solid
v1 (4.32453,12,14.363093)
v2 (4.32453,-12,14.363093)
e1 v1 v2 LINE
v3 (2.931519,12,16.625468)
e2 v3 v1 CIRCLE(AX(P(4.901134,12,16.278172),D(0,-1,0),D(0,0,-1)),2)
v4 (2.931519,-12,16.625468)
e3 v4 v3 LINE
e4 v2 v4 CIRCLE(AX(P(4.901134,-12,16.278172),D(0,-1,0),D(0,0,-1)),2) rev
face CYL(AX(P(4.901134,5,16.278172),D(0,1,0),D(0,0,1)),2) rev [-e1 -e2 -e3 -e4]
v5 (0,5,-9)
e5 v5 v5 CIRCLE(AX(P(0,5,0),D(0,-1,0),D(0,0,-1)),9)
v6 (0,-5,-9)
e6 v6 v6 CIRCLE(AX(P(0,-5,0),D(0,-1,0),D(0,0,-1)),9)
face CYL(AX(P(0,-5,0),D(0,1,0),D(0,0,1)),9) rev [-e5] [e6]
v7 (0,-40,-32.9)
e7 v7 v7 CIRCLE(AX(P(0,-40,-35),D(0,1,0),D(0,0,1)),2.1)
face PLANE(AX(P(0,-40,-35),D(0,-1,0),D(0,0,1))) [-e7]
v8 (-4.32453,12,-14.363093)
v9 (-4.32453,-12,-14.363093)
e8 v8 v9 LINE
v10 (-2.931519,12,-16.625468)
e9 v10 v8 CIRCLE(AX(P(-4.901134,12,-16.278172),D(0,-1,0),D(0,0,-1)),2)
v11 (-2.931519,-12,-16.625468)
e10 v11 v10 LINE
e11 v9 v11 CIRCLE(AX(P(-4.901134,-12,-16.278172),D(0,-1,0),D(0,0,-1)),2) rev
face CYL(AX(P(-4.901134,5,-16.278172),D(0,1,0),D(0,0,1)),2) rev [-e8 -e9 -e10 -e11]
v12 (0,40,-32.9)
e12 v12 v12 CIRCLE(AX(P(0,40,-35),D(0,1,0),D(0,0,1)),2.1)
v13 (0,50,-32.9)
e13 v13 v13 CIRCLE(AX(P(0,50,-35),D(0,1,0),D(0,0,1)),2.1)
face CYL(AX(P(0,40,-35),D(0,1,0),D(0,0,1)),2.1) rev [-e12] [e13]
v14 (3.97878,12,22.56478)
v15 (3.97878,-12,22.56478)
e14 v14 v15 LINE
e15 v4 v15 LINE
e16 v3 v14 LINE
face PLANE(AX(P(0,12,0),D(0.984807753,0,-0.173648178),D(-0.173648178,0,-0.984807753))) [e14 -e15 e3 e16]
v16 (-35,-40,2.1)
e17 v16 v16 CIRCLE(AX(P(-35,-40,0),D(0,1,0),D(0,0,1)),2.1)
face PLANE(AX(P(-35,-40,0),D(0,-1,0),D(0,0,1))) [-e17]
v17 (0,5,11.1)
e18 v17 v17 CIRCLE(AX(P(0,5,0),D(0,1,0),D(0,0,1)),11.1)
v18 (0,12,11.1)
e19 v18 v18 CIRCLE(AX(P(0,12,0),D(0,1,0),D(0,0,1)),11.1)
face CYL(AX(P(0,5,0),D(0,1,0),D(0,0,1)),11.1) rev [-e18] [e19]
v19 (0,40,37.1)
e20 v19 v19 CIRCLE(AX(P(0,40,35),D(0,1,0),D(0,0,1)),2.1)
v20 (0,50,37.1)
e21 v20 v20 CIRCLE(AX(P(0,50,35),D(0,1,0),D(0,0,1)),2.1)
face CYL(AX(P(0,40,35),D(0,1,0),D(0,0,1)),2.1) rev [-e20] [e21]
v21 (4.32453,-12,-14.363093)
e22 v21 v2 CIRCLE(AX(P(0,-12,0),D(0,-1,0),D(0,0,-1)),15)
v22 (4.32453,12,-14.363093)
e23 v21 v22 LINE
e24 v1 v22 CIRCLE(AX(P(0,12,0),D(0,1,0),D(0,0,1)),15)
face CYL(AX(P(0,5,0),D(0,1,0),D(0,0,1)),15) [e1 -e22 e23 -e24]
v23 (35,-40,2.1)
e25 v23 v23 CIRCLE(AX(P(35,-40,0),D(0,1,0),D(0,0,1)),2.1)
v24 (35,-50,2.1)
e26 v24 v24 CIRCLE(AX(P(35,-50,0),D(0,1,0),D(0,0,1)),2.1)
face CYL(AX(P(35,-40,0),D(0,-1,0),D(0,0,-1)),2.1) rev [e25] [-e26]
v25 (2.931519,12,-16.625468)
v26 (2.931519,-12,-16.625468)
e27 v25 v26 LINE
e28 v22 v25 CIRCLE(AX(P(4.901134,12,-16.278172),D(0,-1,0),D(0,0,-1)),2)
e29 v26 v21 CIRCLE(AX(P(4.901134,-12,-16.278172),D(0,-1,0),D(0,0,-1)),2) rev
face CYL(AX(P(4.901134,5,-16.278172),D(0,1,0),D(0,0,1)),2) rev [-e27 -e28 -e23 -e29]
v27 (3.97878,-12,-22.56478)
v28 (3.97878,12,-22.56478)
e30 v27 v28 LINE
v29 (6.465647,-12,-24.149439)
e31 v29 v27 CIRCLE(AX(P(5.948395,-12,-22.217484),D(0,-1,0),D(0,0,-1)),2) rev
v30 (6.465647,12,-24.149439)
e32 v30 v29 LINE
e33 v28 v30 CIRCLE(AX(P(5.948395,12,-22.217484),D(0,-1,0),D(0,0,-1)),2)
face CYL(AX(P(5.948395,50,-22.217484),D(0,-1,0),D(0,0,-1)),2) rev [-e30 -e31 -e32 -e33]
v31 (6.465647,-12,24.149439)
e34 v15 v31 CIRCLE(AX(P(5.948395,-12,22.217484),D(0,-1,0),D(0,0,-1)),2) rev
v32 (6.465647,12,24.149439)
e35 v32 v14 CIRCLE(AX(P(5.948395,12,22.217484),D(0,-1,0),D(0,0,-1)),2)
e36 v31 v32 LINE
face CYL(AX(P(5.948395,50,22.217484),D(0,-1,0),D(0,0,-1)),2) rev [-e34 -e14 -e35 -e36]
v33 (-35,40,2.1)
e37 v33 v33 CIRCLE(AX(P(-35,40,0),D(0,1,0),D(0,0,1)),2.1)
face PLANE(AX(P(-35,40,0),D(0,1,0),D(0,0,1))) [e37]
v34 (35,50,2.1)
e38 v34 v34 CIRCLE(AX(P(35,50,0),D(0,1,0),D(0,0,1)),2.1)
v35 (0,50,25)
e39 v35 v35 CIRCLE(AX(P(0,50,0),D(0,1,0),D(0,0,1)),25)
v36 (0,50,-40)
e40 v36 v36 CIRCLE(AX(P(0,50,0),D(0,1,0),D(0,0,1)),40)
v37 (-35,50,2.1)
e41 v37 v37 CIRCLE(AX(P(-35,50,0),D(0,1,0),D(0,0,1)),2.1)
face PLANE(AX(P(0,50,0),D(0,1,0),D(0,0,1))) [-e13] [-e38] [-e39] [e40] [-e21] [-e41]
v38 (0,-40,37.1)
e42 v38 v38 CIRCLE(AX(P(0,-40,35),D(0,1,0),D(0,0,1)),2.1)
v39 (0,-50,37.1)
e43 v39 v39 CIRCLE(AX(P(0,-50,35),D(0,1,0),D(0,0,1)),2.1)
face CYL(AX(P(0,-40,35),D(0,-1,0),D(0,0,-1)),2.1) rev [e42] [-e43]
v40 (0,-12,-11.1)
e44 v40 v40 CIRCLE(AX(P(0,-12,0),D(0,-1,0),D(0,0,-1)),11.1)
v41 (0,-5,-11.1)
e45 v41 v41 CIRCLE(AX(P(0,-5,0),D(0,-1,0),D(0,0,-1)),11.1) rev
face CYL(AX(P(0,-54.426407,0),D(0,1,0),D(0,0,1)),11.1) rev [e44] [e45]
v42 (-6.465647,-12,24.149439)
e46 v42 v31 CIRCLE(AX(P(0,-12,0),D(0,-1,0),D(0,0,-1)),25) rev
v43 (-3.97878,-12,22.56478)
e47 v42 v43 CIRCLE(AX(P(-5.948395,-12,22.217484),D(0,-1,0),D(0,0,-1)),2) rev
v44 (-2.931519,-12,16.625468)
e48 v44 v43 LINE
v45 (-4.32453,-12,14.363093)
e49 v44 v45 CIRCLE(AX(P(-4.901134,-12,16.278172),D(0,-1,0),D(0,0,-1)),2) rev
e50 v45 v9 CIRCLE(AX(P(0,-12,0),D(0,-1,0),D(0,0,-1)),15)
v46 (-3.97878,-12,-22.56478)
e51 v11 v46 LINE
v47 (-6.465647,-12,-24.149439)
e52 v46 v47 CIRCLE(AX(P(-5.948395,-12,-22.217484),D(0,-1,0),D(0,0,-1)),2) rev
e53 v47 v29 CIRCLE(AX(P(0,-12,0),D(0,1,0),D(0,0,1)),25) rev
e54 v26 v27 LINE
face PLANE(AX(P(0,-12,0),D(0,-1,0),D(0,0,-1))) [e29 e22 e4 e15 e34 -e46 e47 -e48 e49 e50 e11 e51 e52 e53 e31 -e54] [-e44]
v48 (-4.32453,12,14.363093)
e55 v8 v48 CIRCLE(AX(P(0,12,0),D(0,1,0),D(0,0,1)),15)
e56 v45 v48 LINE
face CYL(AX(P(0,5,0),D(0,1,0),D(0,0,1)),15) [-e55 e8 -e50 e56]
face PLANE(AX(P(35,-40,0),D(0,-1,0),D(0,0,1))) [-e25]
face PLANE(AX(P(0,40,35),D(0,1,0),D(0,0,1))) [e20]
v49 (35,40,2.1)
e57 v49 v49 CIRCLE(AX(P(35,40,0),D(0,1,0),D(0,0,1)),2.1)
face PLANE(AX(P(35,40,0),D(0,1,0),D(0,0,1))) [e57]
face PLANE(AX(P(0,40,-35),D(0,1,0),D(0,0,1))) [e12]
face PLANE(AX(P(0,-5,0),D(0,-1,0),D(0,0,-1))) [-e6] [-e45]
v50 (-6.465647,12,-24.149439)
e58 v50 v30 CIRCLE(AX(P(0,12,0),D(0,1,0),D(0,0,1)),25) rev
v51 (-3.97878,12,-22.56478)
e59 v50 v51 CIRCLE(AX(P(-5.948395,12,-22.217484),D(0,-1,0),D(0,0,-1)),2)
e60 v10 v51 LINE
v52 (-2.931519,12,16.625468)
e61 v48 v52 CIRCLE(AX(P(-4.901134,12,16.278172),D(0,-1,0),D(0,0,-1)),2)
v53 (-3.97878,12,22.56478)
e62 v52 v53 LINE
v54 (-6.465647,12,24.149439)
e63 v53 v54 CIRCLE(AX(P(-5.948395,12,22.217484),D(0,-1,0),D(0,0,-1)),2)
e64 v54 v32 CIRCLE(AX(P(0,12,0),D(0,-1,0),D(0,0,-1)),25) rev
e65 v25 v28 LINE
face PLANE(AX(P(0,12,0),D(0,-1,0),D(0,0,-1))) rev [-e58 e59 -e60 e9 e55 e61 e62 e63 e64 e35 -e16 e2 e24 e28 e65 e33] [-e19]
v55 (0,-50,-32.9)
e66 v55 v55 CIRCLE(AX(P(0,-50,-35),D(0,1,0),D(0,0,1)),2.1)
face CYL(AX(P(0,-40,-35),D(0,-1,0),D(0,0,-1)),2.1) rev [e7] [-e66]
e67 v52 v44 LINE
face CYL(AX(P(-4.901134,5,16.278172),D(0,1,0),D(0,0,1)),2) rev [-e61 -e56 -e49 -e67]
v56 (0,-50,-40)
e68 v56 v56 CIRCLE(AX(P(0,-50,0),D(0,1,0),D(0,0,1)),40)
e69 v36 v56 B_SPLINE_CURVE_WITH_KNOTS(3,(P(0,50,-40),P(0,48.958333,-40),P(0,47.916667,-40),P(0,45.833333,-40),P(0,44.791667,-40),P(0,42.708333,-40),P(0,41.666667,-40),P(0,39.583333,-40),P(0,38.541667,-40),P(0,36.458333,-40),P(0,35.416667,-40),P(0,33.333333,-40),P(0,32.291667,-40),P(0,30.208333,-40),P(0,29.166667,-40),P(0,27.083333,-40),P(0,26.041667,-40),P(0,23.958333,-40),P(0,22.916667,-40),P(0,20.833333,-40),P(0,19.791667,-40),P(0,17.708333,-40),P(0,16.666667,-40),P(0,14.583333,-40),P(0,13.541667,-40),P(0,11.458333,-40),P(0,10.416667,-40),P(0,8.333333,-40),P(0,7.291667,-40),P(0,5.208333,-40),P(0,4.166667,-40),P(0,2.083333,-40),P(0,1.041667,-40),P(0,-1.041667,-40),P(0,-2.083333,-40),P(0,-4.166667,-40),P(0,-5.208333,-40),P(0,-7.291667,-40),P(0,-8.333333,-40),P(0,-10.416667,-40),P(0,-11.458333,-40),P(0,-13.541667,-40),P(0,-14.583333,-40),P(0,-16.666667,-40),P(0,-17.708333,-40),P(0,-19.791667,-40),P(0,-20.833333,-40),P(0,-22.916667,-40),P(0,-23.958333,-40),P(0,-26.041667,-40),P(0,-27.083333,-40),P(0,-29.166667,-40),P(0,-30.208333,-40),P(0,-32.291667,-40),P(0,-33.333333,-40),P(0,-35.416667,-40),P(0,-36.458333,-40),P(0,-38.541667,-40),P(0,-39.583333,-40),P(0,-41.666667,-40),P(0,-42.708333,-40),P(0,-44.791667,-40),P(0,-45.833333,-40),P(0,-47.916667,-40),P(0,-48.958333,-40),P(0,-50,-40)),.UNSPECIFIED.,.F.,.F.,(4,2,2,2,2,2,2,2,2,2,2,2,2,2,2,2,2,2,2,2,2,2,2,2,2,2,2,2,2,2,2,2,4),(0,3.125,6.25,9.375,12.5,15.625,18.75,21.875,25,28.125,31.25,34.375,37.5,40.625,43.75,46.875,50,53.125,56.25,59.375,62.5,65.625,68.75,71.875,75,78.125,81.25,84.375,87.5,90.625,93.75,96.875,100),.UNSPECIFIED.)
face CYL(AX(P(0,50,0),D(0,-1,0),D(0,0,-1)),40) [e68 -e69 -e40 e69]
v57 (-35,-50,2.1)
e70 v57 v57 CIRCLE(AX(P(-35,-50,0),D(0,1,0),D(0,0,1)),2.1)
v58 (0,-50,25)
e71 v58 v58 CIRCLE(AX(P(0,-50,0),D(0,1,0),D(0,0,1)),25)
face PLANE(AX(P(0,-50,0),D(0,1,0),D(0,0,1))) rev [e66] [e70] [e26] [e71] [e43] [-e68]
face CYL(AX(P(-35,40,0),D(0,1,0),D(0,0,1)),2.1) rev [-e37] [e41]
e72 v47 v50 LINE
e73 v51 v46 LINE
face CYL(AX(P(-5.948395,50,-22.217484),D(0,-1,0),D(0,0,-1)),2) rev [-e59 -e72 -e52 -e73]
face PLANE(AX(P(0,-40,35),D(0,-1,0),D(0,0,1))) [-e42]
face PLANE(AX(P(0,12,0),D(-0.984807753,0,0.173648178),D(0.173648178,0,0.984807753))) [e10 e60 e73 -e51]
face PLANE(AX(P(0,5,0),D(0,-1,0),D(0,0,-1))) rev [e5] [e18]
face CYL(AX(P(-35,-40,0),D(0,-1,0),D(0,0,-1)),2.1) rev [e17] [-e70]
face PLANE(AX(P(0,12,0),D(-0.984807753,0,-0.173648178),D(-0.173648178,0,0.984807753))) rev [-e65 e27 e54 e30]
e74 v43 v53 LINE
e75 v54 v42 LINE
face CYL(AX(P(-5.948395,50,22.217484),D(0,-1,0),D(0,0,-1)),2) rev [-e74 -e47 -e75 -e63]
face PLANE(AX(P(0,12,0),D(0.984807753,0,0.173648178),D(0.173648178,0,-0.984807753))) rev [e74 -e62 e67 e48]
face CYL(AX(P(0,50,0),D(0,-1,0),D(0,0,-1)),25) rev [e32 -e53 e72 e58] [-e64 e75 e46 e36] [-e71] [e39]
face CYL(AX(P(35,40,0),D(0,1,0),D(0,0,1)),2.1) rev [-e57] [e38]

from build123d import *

# Parameters (mm, degrees)
SKETCH1_R           = 40
SKETCH1_R_2         = 25
BOSS_EXTRUDE1_DEPTH = 50
SKETCH2_R           = 2.1
CUT_EXTRUDE1_DEPTH  = 10
BOSS_EXTRUDE2_START = -50
BOSS_EXTRUDE2_DEPTH = 12
BOSS_EXTRUDE3_START = -7
SKETCH4_R           = 15
SKETCH4_R_2         = 11.1
BOSS_EXTRUDE3_DEPTH = 7
BOSS_EXTRUDE4_START = 10
SKETCH5_R           = 15
SKETCH5_R_2         = 9
BOSS_EXTRUDE4_DEPTH = 10
BOSS_EXTRUDE5_START = 7
SKETCH6_R           = 15
SKETCH6_R_2         = 11.1
BOSS_EXTRUDE5_DEPTH = 7
FILLET1_R           = 2


with BuildPart() as part:
    # Sketch1 → Boss-Extrude1 (new, symmetric)
    with BuildSketch(Plane(origin=(0, 0, 0), x_dir=(1, 0, 0), z_dir=(0, 1, 0))):
        with Locations(Location((0, 0, 0), (0, 0, 90))):
            Circle(SKETCH1_R)
        with Locations(Location((0, 0, 0), (0, 0, 90))):
            Circle(SKETCH1_R_2, mode=Mode.SUBTRACT)
    extrude(amount=BOSS_EXTRUDE1_DEPTH, both=True)

    # Sketch2 → Cut-Extrude1 (cut)
    with BuildSketch(Plane(origin=(0, 50, 0), x_dir=(1, 0, 0), z_dir=(0, 1, 0))):
        with Locations(Location((0, 35, 0), (0, 0, 270))):
            Circle(SKETCH2_R)
        with Locations(Location((35, 0, 0), (0, 0, 270))):
            Circle(SKETCH2_R)
        with Locations(Location((0, -35, 0), (0, 0, 270))):
            Circle(SKETCH2_R)
        with Locations(Location((-35, 0, 0), (0, 0, 270))):
            Circle(SKETCH2_R)
    cut_extrude1 = extrude(amount=-CUT_EXTRUDE1_DEPTH, mode=Mode.SUBTRACT)

    # Mirror1: Cut-Extrude1 across plane
    add(cut_extrude1.mirror(Plane.ZX), mode=Mode.SUBTRACT)

    # Sketch3 → Boss-Extrude2 (add, symmetric)
    with BuildSketch(Plane.XZ.offset(50).offset(BOSS_EXTRUDE2_START)):
        with BuildLine():
            ThreePointArc((-2.604722665, 14.772116295), (-1.307336141, 14.942920471), (0, 15))
            Line((0, 15), (0, 25))
            ThreePointArc((0, 25), (-2.178893569, 24.904867452), (-4.341204442, 24.620193825))
            Line((-4.341204442, 24.620193825), (-2.604722665, 14.772116295))
        make_face()
        with BuildLine():
            Line((0, 25), (0, 15))
            ThreePointArc((0, 15), (1.307336141, 14.942920471), (2.604722665, 14.772116295))
            Line((2.604722665, 14.772116295), (4.341204442, 24.620193825))
            ThreePointArc((4.341204442, 24.620193825), (2.178893569, 24.904867452), (0, 25))
        make_face()
    boss_extrude2 = extrude(amount=BOSS_EXTRUDE2_DEPTH, both=True)

    # Mirror2: Boss-Extrude2 across plane
    add(boss_extrude2.mirror(Plane.XY))

    # Sketch4 → Boss-Extrude3 (add)
    with BuildSketch(Plane(origin=(0, 12, 0), x_dir=(1, 0, 0), z_dir=(0, 1, 0)).offset(BOSS_EXTRUDE3_START)):
        Circle(SKETCH4_R)
        with Locations(Location((0, 0, 0), (0, 0, 270))):
            Circle(SKETCH4_R_2, mode=Mode.SUBTRACT)
    extrude(amount=BOSS_EXTRUDE3_DEPTH)

    # Sketch5 → Boss-Extrude4 (add)
    with BuildSketch(Plane.XZ.offset(-5).offset(BOSS_EXTRUDE4_START)):
        Circle(SKETCH5_R)
        with Locations(Location((0, 0, 0), (0, 0, 270))):
            Circle(SKETCH5_R_2, mode=Mode.SUBTRACT)
    extrude(amount=-BOSS_EXTRUDE4_DEPTH)

    # Sketch6 → Boss-Extrude5 (add)
    with BuildSketch(Plane.XZ.offset(5).offset(BOSS_EXTRUDE5_START)):
        Circle(SKETCH6_R)
        with Locations(Location((0, 0, 0), (0, 0, 90))):
            Circle(SKETCH6_R_2, mode=Mode.SUBTRACT)
    extrude(amount=-BOSS_EXTRUDE5_DEPTH)

    # Fillet1
    fillet1_edges = [part.edges().sort_by_distance(p)[0] for p in [
        (2.604722665, 0, 14.772116295),
        (-2.604722665, 0, 14.772116295),
        (-4.341204442, 0, 24.620193825),
        (4.341204442, 0, 24.620193825),
        (-2.604722665, 0, -14.772116295),
        (2.604722665, 0, -14.772116295),
        (4.341204442, 0, -24.620193825),
        (-4.341204442, 0, -24.620193825),
    ]]
    fillet(fillet1_edges, radius=FILLET1_R)


solid = part.part
